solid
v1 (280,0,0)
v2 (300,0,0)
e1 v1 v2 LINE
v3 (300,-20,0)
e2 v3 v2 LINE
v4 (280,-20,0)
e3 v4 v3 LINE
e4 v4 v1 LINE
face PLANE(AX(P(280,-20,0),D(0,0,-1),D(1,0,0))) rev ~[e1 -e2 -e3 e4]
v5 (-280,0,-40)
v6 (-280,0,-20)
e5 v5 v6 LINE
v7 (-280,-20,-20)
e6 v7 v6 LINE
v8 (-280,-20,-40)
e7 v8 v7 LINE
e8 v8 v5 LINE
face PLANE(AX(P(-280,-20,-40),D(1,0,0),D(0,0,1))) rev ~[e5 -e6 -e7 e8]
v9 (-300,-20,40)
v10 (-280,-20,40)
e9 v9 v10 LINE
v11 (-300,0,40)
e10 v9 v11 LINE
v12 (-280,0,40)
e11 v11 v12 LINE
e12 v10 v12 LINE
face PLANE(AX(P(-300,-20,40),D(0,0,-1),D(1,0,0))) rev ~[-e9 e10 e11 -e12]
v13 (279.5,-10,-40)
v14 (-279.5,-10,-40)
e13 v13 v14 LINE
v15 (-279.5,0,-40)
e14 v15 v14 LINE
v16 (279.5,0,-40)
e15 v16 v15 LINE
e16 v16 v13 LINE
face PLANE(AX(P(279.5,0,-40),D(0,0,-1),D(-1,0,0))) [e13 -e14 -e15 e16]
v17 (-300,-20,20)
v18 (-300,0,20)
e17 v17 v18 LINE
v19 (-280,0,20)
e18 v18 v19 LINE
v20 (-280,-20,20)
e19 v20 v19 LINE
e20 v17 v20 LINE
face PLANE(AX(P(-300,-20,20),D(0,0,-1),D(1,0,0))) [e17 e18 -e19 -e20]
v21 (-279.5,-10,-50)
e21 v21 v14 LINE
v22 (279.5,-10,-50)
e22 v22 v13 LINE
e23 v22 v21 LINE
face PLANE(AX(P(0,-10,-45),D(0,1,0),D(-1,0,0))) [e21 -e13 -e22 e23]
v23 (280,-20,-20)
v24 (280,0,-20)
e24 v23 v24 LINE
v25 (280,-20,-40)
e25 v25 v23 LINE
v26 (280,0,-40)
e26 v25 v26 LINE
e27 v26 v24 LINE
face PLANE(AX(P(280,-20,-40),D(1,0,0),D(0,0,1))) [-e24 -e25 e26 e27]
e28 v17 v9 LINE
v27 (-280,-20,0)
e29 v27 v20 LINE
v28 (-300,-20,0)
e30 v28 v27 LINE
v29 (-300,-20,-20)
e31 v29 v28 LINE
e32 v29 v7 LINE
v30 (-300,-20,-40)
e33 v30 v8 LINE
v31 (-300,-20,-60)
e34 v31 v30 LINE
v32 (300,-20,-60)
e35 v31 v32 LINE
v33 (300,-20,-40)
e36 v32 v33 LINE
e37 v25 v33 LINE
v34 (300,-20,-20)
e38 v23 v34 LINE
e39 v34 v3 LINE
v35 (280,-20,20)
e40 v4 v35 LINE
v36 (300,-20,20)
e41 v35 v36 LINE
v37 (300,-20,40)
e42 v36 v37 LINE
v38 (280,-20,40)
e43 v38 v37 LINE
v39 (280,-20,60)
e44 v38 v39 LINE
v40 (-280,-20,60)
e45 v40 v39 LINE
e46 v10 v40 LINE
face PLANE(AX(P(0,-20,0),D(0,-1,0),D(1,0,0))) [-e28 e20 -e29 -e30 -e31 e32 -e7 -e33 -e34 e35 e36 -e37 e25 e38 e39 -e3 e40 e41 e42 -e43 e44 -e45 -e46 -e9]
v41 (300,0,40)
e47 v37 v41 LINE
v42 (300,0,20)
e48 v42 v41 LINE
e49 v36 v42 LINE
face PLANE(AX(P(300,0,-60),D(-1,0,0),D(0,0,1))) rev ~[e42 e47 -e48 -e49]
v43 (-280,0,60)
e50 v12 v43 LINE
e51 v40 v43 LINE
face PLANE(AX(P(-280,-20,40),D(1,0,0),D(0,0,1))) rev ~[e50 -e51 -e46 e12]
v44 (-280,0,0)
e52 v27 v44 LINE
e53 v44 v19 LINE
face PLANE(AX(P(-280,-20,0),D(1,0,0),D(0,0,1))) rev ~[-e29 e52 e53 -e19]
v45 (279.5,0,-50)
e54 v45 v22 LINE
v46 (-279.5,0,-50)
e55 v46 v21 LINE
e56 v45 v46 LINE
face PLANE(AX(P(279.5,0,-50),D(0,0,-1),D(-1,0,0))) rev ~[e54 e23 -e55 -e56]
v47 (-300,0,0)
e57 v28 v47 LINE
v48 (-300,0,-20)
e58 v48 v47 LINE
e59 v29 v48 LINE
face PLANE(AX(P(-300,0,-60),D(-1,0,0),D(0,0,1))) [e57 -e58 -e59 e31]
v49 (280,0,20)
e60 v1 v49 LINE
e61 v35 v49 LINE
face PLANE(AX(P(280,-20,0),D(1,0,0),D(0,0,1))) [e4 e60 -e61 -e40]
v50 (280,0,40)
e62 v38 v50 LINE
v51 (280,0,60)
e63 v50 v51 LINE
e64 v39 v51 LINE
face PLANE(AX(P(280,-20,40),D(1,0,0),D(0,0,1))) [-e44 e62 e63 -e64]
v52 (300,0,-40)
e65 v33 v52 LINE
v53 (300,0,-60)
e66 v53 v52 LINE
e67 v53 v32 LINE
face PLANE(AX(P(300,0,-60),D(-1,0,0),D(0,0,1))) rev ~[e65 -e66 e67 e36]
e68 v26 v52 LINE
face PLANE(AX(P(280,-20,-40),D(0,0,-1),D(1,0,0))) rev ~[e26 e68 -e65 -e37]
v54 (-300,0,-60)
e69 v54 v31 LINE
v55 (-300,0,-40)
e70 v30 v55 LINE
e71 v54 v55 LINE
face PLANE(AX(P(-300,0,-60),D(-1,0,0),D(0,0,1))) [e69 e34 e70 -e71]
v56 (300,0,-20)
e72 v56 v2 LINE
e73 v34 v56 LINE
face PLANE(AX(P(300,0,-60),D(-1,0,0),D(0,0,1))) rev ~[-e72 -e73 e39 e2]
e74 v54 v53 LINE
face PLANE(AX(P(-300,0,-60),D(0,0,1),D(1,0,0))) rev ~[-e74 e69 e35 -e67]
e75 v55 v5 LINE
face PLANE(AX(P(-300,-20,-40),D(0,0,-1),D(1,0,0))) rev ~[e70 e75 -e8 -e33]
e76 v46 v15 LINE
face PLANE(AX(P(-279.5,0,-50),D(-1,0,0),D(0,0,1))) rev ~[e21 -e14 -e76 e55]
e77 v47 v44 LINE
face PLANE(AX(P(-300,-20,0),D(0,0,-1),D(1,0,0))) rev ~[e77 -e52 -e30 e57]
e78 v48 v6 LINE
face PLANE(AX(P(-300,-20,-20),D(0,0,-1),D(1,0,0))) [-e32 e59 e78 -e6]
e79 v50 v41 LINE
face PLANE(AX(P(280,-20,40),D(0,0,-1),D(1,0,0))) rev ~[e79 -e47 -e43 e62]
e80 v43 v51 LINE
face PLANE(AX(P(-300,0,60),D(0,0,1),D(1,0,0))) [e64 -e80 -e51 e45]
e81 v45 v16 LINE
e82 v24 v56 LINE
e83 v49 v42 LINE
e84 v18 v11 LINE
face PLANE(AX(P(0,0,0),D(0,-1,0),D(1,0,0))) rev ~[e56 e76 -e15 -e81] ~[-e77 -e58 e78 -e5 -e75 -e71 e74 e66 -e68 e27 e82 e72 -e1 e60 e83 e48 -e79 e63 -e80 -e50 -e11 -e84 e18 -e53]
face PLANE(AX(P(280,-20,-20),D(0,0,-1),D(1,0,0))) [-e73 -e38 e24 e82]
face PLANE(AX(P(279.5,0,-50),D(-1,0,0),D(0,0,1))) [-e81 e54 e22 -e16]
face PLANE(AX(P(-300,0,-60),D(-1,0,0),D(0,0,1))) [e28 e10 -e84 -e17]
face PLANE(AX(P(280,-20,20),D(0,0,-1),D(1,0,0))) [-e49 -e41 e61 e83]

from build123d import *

# Parameters (mm, degrees)
F0_W     = 600
F0_H     = 120
F1_DEPTH = 20
F2_W     = 20
F2_H     = 20
F3_DEPTH = 20
F4_W     = 559
F4_H     = 10
F5_DEPTH = 10


with BuildPart() as f1:
    # F0 (on Front) → F1 (new body)
    with BuildSketch(Plane.XZ):
        Rectangle(F0_W, F0_H)
    extrude(amount=F1_DEPTH)

    # F2 (on face) → F3 (cut, through all)
    with BuildSketch(Plane.XZ.offset(20)):
        with Locations((290, -30)):
            Rectangle(F2_W, F2_H)
        with Locations((290, 10)):
            Rectangle(F2_W, F2_H)
        with Locations((-290, 10)):
            Rectangle(F2_W, F2_H)
        with Locations((-290, -30)):
            Rectangle(F2_W, F2_H)
        with Locations((290, 50)):
            Rectangle(F2_W, F2_H)
        with Locations((-290, 50)):
            Rectangle(F2_W, F2_H)
    extrude(amount=-F3_DEPTH, mode=Mode.SUBTRACT)

    # F4 (on face) → F5 (cut)
    with BuildSketch(Plane(origin=(0, 0, 0), x_dir=(-1, 0, 0), z_dir=(0, 1, 0))):
        with Locations((0, -45)):
            Rectangle(F4_W, F4_H)
    extrude(amount=-F5_DEPTH, mode=Mode.SUBTRACT)


solid = f1.part
